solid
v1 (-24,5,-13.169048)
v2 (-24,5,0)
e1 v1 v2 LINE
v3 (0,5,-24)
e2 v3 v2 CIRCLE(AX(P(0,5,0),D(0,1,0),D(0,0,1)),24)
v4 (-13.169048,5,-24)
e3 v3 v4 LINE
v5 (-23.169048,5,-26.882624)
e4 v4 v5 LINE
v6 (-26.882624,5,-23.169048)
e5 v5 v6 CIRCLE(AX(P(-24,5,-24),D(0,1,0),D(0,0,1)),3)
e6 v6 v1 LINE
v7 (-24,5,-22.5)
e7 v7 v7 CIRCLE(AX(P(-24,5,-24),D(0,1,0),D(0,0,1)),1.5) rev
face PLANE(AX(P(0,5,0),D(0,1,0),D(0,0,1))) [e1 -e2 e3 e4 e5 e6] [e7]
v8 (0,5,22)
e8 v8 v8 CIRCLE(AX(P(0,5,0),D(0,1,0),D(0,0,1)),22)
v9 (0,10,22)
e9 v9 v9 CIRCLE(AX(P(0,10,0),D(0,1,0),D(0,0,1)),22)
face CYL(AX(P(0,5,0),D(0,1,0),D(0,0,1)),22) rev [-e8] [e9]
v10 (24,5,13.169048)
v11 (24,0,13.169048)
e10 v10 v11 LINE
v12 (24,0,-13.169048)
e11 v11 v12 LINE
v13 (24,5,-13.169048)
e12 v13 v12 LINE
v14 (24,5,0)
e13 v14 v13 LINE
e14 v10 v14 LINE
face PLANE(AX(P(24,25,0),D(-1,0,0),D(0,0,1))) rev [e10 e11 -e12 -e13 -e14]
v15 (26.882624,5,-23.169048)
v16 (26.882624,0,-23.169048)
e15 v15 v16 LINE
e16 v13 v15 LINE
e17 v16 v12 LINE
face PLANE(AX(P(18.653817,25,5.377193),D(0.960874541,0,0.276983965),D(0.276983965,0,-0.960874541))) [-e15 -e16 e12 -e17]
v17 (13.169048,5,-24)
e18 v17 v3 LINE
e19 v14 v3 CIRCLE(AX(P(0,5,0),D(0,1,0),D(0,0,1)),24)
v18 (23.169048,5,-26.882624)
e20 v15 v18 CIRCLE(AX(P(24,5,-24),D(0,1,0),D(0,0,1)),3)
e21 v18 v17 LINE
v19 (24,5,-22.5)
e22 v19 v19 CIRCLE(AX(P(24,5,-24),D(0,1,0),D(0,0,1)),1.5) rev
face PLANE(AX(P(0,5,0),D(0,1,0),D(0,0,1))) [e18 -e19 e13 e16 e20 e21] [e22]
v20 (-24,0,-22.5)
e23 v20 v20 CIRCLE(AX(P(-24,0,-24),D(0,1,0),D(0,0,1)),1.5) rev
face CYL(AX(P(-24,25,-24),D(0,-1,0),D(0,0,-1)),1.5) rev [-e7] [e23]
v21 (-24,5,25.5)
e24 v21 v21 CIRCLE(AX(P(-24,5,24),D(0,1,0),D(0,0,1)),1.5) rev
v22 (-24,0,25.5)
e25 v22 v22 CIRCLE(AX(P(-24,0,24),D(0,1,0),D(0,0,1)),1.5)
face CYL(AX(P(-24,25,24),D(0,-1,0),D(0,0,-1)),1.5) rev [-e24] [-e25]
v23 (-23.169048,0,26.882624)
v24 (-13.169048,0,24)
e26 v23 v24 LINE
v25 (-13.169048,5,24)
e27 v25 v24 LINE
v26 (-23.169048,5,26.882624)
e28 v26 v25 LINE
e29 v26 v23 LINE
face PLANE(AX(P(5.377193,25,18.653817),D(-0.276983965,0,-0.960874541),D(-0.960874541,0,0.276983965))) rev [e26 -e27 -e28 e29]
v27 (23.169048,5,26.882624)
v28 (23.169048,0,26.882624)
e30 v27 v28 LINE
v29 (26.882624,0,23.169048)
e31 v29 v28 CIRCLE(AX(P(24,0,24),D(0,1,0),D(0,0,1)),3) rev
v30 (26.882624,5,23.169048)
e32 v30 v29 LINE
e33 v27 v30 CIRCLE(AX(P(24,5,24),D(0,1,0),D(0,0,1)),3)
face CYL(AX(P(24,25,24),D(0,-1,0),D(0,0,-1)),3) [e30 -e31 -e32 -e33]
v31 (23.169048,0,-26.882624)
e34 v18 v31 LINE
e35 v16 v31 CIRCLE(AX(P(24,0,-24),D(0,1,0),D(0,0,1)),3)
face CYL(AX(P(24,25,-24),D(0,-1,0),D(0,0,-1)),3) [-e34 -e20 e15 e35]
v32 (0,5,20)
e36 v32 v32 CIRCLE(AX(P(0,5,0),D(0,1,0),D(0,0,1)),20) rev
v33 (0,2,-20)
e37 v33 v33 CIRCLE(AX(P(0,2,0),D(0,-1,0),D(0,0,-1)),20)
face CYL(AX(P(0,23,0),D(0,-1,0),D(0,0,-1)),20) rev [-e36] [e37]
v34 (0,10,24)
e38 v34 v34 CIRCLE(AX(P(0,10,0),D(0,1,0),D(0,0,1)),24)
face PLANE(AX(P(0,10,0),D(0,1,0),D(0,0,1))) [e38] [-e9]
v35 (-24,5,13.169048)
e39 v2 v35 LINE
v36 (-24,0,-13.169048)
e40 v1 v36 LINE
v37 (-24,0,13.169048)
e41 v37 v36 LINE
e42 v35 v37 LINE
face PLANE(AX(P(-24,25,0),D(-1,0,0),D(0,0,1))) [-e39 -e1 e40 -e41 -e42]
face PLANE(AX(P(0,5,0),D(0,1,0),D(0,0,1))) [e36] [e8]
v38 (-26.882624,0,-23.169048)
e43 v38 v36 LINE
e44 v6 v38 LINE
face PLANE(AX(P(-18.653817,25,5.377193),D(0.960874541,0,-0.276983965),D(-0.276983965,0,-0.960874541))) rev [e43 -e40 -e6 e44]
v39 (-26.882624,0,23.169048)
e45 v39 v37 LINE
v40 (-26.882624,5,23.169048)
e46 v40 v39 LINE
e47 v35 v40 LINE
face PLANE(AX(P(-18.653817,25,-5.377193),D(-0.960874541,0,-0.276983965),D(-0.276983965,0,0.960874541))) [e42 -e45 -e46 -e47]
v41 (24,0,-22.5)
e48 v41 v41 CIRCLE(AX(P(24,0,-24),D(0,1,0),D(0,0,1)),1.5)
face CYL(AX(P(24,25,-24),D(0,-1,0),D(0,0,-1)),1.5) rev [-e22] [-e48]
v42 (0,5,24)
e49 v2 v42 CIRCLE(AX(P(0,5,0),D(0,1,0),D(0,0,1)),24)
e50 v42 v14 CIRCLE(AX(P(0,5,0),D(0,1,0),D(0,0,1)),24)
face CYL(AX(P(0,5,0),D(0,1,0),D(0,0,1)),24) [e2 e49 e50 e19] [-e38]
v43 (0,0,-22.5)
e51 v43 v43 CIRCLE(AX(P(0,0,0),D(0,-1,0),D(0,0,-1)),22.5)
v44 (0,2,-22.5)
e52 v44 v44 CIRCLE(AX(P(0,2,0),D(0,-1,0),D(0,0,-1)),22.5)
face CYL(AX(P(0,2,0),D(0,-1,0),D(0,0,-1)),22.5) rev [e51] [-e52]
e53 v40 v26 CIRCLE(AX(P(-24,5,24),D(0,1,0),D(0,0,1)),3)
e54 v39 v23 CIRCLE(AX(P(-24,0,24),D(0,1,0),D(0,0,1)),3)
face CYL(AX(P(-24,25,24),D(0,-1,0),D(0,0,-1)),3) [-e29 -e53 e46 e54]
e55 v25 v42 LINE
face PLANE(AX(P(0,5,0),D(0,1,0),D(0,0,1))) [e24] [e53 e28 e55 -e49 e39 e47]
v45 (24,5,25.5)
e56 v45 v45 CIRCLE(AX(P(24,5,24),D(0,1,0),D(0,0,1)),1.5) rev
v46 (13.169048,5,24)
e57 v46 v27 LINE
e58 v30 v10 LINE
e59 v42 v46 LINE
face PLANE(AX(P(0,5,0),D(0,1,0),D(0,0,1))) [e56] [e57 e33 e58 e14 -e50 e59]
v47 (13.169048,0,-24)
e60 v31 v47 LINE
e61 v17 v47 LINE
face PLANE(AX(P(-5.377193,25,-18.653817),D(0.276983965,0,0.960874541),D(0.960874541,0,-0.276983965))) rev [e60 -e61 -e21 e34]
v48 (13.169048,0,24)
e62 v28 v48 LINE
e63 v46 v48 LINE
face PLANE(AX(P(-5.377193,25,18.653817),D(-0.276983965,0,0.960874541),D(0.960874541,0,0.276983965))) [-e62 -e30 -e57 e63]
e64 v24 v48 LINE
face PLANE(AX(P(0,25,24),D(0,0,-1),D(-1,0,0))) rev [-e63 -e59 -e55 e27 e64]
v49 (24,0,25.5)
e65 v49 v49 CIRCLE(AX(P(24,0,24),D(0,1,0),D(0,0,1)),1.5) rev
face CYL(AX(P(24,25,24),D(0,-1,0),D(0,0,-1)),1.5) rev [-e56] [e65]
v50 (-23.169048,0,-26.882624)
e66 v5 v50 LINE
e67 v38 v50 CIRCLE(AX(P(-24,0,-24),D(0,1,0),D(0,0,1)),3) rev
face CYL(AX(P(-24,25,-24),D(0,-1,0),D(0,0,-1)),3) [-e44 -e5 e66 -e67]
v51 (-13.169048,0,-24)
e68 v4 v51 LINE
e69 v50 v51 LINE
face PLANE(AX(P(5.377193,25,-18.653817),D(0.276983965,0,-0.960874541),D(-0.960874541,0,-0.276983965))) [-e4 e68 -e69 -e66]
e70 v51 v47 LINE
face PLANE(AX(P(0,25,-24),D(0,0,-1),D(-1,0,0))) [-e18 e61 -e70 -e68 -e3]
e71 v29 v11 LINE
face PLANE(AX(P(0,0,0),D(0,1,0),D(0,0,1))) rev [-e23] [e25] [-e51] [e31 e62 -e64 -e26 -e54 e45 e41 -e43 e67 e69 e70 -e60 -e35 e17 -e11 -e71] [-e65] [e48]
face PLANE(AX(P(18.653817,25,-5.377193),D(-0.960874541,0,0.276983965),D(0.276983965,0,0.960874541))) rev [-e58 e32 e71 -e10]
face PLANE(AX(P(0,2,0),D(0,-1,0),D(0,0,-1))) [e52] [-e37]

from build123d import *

# Parameters (mm, degrees)
SKETCH1_R           = 1.5
BOSS_EXTRUDE1_DEPTH = 25
SKETCH2_R           = 20
CUT_EXTRUDE1_DEPTH  = 23
CUT_EXTRUDE2_START  = -20
SKETCH3_R           = 1.5
CUT_EXTRUDE2_DEPTH  = 20
FILLET2_R           = 3
SKETCH4_R           = 22.5
SKETCH4_R_2         = 20
CUT_EXTRUDE3_DEPTH  = 2
CUT_EXTRUDE4_START  = -15
SKETCH5_R           = 24
CUT_EXTRUDE4_DEPTH  = 15
SKETCH6_R           = 22
CUT_EXTRUDE5_DEPTH  = 5


with BuildPart() as part:
    # Sketch1 → Boss-Extrude1 (new body)
    with BuildSketch(Plane(origin=(0, 0, 0), x_dir=(1, 0, 0), z_dir=(0, 1, 0))):
        with BuildLine():
            Line((13.169048105, 24), (-13.169048105, 24))
            Line((-13.169048105, 24), (-23.169048105, 26.882623622))
            ThreePointArc((-23.169048105, 26.882623622), (-26.121320344, 26.121320344), (-26.882623622, 23.169048105))
            Line((-26.882623622, 23.169048105), (-24, 13.169048105))
            Line((-24, 13.169048105), (-24, -13.169048105))
            Line((-24, -13.169048105), (-26.882623622, -23.169048105))
            ThreePointArc((-26.882623622, -23.169048105), (-26.121320344, -26.121320344), (-23.169048105, -26.882623622))
            Line((-23.169048105, -26.882623622), (-13.169048105, -24))
            Line((-13.169048105, -24), (13.169048105, -24))
            Line((13.169048105, -24), (23.169048105, -26.882623622))
            ThreePointArc((23.169048105, -26.882623622), (26.121320344, -26.121320344), (26.882623622, -23.169048105))
            Line((26.882623622, -23.169048105), (24, -13.169048105))
            Line((24, -13.169048105), (24, 13.169048105))
            Line((24, 13.169048105), (26.882623622, 23.169048105))
            ThreePointArc((26.882623622, 23.169048105), (26.121320344, 26.121320344), (23.169048105, 26.882623622))
            Line((23.169048105, 26.882623622), (13.169048105, 24))
        make_face()
        with Locations(Location((24, 24, 0), (0, 0, 270))):
            Circle(SKETCH1_R, mode=Mode.SUBTRACT)
        with Locations(Location((-24, -24, 0), (0, 0, 270))):
            Circle(SKETCH1_R, mode=Mode.SUBTRACT)
        with Locations(Location((24, -24, 0), (0, 0, 270))):
            Circle(SKETCH1_R, mode=Mode.SUBTRACT)
        with Locations(Location((-24, 24, 0), (0, 0, 270))):
            Circle(SKETCH1_R, mode=Mode.SUBTRACT)
    extrude(amount=BOSS_EXTRUDE1_DEPTH)

    # Sketch2 → Cut-Extrude1 (cut)
    with BuildSketch(Plane.XZ):
        with Locations(Location((0, 0, 0), (0, 0, 270))):
            Circle(SKETCH2_R)
    extrude(amount=-CUT_EXTRUDE1_DEPTH, mode=Mode.SUBTRACT)

    # Sketch3 → Cut-Extrude2 (cut)
    # profile 1 of 4: a face of its own
    with BuildSketch(Plane(origin=(0, 25, 0), x_dir=(1, 0, 0), z_dir=(0, 1, 0)).offset(CUT_EXTRUDE2_START)):
        with BuildLine():
            ThreePointArc((-24, 0), (-16.970562748, 16.970562748), (0, 24))
            Line((0, 24), (-13.169048105, 24))
            Line((-13.169048105, 24), (-23.169048105, 26.882623622))
            ThreePointArc((-23.169048105, 26.882623622), (-26.121320344, 26.121320344), (-26.882623622, 23.169048105))
            Line((-26.882623622, 23.169048105), (-24, 13.169048105))
            Line((-24, 13.169048105), (-24, 0))
        make_face()
        with Locations(Location((-24, 24, 0), (0, 0, 270))):
            Circle(SKETCH3_R, mode=Mode.SUBTRACT)
    # profile 2 of 4: a face of its own
    with BuildSketch(Plane(origin=(0, 25, 0), x_dir=(1, 0, 0), z_dir=(0, 1, 0)).offset(CUT_EXTRUDE2_START)):
        with BuildLine():
            Line((-13.169048105, -24), (0, -24))
            ThreePointArc((0, -24), (-16.970562748, -16.970562748), (-24, 0))
            Line((-24, 0), (-24, -13.169048105))
            Line((-24, -13.169048105), (-26.882623622, -23.169048105))
            ThreePointArc((-26.882623622, -23.169048105), (-26.121320344, -26.121320344), (-23.169048105, -26.882623622))
            Line((-23.169048105, -26.882623622), (-13.169048105, -24))
        make_face()
        with Locations(Location((-24, -24, 0), (0, 0, 270))):
            Circle(SKETCH3_R, mode=Mode.SUBTRACT)
    # profile 3 of 4: a face of its own
    with BuildSketch(Plane(origin=(0, 25, 0), x_dir=(1, 0, 0), z_dir=(0, 1, 0)).offset(CUT_EXTRUDE2_START)):
        with BuildLine():
            Line((24, -13.169048105), (24, 0))
            ThreePointArc((24, 0), (16.970562748, -16.970562748), (0, -24))
            Line((0, -24), (13.169048105, -24))
            Line((13.169048105, -24), (23.169048105, -26.882623622))
            ThreePointArc((23.169048105, -26.882623622), (26.121320344, -26.121320344), (26.882623622, -23.169048105))
            Line((26.882623622, -23.169048105), (24, -13.169048105))
        make_face()
        with Locations(Location((24, -24, 0), (0, 0, 270))):
            Circle(SKETCH3_R, mode=Mode.SUBTRACT)
    # profile 4 of 4: a face of its own
    with BuildSketch(Plane(origin=(0, 25, 0), x_dir=(1, 0, 0), z_dir=(0, 1, 0)).offset(CUT_EXTRUDE2_START)):
        with BuildLine():
            Line((24, 0), (24, 13.169048105))
            Line((24, 13.169048105), (26.882623622, 23.169048105))
            ThreePointArc((26.882623622, 23.169048105), (26.121320344, 26.121320344), (23.169048105, 26.882623622))
            Line((23.169048105, 26.882623622), (13.169048105, 24))
            Line((13.169048105, 24), (0, 24))
            ThreePointArc((0, 24), (16.970562748, 16.970562748), (24, 0))
        make_face()
        with Locations(Location((24, 24, 0), (0, 0, 270))):
            Circle(SKETCH3_R, mode=Mode.SUBTRACT)
    extrude(amount=CUT_EXTRUDE2_DEPTH, mode=Mode.SUBTRACT)

    # Fillet2
    fillet2_edges = [part.edges().sort_by_distance(p)[0] for p in [
        (0, 23, 20),
    ]]
    fillet(fillet2_edges, radius=FILLET2_R)

    # Sketch4 → Cut-Extrude3 (cut)
    with BuildSketch(Plane.XZ):
        with Locations(Location((0, 0, 0), (0, 0, 270))):
            Circle(SKETCH4_R)
        with Locations(Location((0, 0, 0), (0, 0, 270))):
            Circle(SKETCH4_R_2, mode=Mode.SUBTRACT)
    extrude(amount=-CUT_EXTRUDE3_DEPTH, mode=Mode.SUBTRACT)

    # Sketch5 → Cut-Extrude4 (cut)
    with BuildSketch(Plane(origin=(0, 25, 0), x_dir=(1, 0, 0), z_dir=(0, 1, 0)).offset(CUT_EXTRUDE4_START)):
        with Locations(Location((0, 0, 0), (0, 0, 270))):
            Circle(SKETCH5_R)
    extrude(amount=CUT_EXTRUDE4_DEPTH, mode=Mode.SUBTRACT)

    # Sketch6 → Cut-Extrude5 (cut)
    with BuildSketch(Plane(origin=(0, 10, 0), x_dir=(1, 0, 0), z_dir=(0, 1, 0))):
        with Locations(Location((0, 0, 0), (0, 0, 270))):
            Circle(SKETCH6_R)
    extrude(amount=-CUT_EXTRUDE5_DEPTH, mode=Mode.SUBTRACT)


solid = part.part
